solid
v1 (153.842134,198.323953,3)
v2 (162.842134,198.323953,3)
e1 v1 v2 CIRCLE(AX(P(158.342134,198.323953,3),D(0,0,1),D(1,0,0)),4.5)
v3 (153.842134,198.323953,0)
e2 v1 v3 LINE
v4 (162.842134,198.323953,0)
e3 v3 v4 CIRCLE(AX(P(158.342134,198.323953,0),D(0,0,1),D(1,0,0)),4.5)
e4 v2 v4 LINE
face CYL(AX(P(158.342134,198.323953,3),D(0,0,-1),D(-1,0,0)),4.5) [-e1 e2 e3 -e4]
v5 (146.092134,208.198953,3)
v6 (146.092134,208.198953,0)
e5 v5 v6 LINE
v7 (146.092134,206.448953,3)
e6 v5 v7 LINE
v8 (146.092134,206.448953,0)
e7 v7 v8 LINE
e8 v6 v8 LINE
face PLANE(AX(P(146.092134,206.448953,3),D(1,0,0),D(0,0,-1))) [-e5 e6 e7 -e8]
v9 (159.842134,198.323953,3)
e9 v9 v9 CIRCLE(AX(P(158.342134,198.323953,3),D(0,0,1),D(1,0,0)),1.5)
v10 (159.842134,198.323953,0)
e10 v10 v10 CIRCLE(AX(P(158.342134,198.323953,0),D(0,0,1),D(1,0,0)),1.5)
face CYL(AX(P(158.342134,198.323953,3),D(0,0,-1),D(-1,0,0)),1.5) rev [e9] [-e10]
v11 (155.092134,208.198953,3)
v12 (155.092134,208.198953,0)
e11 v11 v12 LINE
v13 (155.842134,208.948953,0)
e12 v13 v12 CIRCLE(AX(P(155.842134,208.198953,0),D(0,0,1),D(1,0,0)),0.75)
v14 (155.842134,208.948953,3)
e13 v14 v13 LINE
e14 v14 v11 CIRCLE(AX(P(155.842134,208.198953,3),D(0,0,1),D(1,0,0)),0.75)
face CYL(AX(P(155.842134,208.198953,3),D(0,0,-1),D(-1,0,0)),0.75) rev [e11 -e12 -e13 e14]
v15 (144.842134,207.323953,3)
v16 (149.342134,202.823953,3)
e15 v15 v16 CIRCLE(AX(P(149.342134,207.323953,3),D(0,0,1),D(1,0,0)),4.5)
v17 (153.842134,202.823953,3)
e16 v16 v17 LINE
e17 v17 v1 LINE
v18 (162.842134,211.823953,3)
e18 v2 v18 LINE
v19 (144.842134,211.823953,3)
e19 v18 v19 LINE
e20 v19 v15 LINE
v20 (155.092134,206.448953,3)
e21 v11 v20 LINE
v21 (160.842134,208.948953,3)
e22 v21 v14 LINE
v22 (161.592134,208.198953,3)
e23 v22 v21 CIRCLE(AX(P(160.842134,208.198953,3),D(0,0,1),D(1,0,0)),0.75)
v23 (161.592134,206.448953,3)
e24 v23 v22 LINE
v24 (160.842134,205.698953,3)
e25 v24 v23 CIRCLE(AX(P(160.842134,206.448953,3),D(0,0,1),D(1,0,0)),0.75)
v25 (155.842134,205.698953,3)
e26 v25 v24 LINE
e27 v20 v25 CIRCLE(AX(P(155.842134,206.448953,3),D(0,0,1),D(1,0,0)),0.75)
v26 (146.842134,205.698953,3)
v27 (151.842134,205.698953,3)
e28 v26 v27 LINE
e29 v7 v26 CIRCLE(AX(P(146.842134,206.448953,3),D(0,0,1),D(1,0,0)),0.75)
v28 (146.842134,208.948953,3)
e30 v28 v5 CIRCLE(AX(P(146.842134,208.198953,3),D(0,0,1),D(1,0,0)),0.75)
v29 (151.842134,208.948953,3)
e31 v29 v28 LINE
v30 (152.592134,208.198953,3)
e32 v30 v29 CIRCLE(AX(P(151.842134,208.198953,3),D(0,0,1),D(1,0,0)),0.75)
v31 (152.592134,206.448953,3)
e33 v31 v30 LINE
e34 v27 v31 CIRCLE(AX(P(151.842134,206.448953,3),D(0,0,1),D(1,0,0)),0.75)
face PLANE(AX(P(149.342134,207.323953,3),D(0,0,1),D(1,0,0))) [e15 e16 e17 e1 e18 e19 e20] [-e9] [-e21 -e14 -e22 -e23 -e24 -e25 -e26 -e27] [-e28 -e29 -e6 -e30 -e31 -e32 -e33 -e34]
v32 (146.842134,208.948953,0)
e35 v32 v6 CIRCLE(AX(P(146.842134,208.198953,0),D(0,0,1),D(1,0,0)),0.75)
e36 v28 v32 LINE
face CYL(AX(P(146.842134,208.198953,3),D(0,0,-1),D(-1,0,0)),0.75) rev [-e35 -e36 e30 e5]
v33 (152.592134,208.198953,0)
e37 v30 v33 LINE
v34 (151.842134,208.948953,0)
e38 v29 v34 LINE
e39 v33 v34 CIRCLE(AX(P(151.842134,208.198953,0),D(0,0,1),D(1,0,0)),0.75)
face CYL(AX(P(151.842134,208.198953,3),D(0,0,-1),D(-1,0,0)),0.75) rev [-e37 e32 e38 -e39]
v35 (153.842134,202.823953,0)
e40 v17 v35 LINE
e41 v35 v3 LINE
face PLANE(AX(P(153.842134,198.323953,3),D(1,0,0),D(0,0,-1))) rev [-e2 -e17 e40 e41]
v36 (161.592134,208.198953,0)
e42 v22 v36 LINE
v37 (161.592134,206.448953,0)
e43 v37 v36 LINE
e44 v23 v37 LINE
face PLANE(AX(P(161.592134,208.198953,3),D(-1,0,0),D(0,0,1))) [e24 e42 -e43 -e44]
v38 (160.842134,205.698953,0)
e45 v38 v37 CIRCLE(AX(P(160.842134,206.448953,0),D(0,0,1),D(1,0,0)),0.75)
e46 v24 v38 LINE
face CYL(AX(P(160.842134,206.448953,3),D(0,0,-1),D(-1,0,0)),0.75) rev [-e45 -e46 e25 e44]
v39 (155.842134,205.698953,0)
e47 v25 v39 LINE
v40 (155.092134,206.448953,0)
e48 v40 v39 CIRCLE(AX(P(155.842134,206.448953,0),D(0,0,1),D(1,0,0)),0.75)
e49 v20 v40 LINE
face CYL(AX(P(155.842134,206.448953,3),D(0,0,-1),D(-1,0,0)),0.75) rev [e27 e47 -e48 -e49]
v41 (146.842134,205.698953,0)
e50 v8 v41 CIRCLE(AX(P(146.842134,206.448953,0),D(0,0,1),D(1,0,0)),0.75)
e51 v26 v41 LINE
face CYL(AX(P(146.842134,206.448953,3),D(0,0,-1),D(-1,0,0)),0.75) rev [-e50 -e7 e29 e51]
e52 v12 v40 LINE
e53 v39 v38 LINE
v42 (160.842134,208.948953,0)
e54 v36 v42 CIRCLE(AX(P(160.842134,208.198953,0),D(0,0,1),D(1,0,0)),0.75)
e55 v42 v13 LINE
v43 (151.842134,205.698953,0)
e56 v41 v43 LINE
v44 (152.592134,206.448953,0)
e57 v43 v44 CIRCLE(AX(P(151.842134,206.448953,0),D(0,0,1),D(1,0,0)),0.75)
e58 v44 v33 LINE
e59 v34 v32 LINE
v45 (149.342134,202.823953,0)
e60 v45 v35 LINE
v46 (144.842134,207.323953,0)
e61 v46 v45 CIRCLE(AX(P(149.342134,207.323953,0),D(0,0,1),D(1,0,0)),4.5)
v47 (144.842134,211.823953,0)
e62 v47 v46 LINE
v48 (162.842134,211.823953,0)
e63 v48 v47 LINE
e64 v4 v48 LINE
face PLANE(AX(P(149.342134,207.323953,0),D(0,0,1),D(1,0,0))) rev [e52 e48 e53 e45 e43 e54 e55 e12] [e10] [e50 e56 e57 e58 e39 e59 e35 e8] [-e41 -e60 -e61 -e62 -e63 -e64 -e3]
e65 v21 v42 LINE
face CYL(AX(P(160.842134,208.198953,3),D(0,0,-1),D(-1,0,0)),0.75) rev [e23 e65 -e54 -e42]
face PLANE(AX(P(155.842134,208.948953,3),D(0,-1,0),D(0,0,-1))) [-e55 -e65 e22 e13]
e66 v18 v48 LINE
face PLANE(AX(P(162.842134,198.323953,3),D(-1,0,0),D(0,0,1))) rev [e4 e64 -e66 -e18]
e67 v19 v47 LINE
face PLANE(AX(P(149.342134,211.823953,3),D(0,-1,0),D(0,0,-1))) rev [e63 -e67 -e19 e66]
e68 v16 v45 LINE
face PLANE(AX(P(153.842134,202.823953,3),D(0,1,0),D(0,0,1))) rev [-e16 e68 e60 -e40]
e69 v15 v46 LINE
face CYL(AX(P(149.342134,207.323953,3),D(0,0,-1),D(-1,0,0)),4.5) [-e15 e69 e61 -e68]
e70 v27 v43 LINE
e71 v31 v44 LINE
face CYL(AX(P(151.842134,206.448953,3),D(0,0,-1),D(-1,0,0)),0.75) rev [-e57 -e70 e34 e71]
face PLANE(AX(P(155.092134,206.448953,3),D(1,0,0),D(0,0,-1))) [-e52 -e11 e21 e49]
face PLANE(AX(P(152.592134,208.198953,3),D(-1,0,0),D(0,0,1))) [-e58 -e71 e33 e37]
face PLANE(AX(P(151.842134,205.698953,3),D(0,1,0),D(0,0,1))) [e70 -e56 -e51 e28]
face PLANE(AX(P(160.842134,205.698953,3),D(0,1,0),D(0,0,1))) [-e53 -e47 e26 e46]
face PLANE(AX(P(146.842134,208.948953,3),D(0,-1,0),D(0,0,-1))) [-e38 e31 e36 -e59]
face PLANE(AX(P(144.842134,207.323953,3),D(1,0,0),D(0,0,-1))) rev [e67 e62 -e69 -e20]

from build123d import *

# Parameters (mm, degrees)
MODEL_R                 = 1.5
SALIENTE_EXTRUIR1_DEPTH = 3


with BuildPart() as part:
    # Model → Saliente-Extruir1 (new body)
    with BuildSketch(Plane.XY):
        with BuildLine():
            Line((149.34213351, 211.823953209), (158.34213351, 211.823953209))
            Line((158.34213351, 211.823953209), (162.84213351, 211.823953209))
            Line((162.84213351, 211.823953209), (162.84213351, 198.323953209))
            ThreePointArc((162.84213351, 198.323953209), (158.34213351, 193.823953209), (153.84213351, 198.323953209))
            Line((153.84213351, 198.323953209), (153.84213351, 202.823953209))
            Line((153.84213351, 202.823953209), (149.34213351, 202.823953209))
            ThreePointArc((149.34213351, 202.823953209), (146.160152994, 204.141972694), (144.84213351, 207.323953209))
            Line((144.84213351, 207.323953209), (144.84213351, 211.823953209))
            Line((144.84213351, 211.823953209), (149.34213351, 211.823953209))
        make_face()
        with Locations((158.34213351, 198.323953209)):
            Circle(MODEL_R, mode=Mode.SUBTRACT)
        with BuildLine():
            Line((151.84213351, 205.698953209), (146.84213351, 205.698953209))
            ThreePointArc((146.84213351, 205.698953209), (146.311803424, 205.918623123), (146.09213351, 206.448953209))
            Line((146.09213351, 206.448953209), (146.09213351, 208.198953209))
            ThreePointArc((146.09213351, 208.198953209), (146.311803424, 208.729283295), (146.84213351, 208.948953209))
            Line((146.84213351, 208.948953209), (151.84213351, 208.948953209))
            ThreePointArc((151.84213351, 208.948953209), (152.372463595, 208.729283295), (152.59213351, 208.198953209))
            Line((152.59213351, 208.198953209), (152.59213351, 206.448953209))
            ThreePointArc((152.59213351, 206.448953209), (152.372463595, 205.918623123), (151.84213351, 205.698953209))
        make_face(mode=Mode.SUBTRACT)
        with BuildLine():
            Line((160.84213351, 205.698953209), (155.84213351, 205.698953209))
            ThreePointArc((155.84213351, 205.698953209), (155.311803424, 205.918623123), (155.09213351, 206.448953209))
            Line((155.09213351, 206.448953209), (155.09213351, 208.198953209))
            ThreePointArc((155.09213351, 208.198953209), (155.311803424, 208.729283295), (155.84213351, 208.948953209))
            Line((155.84213351, 208.948953209), (160.84213351, 208.948953209))
            ThreePointArc((160.84213351, 208.948953209), (161.372463595, 208.729283295), (161.59213351, 208.198953209))
            Line((161.59213351, 208.198953209), (161.59213351, 206.448953209))
            ThreePointArc((161.59213351, 206.448953209), (161.372463595, 205.918623123), (160.84213351, 205.698953209))
        make_face(mode=Mode.SUBTRACT)
    extrude(amount=SALIENTE_EXTRUIR1_DEPTH)


solid = part.part
